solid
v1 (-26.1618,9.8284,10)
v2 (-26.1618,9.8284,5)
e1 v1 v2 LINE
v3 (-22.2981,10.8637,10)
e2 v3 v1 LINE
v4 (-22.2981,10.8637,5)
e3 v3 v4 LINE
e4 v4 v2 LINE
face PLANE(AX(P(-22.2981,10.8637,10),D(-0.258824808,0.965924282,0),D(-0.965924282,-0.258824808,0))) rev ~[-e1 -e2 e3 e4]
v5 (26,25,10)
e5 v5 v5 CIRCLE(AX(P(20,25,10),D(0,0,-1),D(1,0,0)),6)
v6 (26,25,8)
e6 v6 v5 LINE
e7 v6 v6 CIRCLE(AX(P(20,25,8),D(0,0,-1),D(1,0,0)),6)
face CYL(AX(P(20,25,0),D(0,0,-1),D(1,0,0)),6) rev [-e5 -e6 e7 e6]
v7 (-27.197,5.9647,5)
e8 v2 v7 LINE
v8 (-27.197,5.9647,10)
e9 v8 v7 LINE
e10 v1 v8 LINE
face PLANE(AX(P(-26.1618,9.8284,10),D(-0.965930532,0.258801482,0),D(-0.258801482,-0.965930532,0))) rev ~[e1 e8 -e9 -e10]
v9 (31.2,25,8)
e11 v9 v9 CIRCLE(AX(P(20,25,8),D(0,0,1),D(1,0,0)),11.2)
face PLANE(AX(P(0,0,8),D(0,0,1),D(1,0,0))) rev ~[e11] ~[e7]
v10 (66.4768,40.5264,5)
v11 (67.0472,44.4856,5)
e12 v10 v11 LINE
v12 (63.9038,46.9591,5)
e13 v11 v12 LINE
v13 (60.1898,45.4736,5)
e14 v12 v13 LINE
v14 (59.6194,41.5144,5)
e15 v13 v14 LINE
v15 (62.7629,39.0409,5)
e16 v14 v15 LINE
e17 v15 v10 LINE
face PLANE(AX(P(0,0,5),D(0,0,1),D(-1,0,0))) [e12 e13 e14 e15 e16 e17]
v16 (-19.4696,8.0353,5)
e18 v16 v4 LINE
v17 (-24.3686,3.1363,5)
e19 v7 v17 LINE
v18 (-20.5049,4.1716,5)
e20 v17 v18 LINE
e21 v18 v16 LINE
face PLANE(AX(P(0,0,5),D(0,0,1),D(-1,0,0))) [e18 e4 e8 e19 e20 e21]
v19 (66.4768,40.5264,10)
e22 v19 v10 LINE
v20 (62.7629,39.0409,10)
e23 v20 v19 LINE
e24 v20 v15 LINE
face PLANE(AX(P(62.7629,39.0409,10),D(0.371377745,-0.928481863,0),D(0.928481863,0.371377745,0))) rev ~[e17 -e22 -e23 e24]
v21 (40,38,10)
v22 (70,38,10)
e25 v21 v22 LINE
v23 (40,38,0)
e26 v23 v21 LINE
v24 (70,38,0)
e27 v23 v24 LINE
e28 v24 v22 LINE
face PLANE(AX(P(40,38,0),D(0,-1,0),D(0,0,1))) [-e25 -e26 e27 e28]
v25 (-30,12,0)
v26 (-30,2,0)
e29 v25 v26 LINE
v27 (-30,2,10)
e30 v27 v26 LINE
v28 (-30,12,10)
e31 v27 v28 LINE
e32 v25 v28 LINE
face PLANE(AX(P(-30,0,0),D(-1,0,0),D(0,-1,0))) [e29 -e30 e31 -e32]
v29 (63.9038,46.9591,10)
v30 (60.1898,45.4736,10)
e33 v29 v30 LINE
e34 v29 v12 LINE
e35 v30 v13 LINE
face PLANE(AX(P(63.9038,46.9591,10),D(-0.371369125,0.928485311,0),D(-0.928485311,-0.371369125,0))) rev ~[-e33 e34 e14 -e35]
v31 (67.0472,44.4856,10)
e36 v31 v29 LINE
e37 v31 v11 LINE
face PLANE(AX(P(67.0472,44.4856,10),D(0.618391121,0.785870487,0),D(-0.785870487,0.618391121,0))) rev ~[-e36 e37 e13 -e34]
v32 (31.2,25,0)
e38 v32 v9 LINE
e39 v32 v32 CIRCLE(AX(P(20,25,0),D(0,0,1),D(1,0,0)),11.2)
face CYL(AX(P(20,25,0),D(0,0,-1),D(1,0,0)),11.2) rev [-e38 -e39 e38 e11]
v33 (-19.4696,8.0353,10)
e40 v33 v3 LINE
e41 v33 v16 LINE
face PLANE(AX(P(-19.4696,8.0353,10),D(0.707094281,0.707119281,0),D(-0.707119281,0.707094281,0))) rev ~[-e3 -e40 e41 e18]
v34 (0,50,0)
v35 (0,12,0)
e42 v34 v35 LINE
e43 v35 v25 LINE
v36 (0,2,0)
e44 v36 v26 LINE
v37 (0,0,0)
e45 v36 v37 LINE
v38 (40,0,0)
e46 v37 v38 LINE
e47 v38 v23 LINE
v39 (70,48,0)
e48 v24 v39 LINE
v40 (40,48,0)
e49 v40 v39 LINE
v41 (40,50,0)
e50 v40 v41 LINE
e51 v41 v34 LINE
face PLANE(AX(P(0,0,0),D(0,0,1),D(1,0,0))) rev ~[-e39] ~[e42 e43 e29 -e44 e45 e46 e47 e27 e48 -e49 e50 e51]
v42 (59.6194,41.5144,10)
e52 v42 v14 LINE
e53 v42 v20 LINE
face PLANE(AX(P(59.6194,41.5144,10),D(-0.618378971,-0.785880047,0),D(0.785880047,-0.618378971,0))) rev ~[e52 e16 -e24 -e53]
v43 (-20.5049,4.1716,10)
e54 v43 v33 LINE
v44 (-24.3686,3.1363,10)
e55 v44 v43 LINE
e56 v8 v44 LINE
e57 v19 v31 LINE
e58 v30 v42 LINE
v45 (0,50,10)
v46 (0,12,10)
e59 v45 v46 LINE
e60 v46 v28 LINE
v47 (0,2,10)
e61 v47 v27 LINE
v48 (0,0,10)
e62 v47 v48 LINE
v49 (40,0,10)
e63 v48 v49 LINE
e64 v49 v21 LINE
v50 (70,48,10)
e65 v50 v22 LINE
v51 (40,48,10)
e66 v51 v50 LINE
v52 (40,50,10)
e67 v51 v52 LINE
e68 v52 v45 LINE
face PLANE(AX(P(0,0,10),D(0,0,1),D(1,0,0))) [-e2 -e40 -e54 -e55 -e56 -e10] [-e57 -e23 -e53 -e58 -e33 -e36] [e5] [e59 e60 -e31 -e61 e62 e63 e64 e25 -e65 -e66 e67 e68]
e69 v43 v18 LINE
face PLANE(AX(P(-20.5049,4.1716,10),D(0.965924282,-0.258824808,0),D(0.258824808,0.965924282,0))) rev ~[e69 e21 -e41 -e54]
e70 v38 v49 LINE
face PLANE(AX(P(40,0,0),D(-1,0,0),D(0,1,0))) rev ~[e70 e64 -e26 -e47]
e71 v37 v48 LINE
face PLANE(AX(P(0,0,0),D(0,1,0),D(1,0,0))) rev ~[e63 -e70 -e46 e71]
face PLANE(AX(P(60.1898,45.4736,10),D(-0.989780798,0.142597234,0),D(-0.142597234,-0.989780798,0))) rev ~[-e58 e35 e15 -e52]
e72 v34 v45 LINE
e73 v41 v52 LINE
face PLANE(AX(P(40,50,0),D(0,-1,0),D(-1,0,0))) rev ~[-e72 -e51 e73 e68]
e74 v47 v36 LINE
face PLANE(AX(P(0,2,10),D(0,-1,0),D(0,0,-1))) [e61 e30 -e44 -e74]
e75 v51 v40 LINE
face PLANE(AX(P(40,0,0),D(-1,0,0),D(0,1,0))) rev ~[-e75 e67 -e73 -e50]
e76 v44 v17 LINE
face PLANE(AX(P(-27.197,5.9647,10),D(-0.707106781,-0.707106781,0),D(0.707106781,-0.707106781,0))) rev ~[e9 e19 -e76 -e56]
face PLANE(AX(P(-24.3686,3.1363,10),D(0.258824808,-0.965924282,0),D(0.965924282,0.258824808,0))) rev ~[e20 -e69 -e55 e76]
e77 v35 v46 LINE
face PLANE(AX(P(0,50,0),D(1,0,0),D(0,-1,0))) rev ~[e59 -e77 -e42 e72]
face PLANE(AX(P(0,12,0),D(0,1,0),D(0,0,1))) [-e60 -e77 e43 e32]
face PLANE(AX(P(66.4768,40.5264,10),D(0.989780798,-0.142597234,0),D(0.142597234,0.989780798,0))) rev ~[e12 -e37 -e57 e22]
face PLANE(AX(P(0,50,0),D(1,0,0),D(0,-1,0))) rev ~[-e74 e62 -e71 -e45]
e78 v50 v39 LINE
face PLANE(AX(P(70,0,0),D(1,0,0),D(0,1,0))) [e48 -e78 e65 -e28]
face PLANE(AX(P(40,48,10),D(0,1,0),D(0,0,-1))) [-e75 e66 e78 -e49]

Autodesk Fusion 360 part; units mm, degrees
sketch "Top" plane through (0, 0, 0) normal (0, 0, 1) x (1, 0, 0)
  line L0 (0, 0) -> (40, 0)
  line L1 (40, 0) -> (40, 50)
  line L2 (40, 50) -> (0, 50)
  line L3 (0, 50) -> (0, 0)
  circle A0 centre (20, 25) radius 11.2
  circle A1 centre (20, 25) radius 6
  dimension "d6" = 40
  dimension "d7" = 50
  dimension "d11" = 22.4
  dimension "d12" = 25
  dimension "d13" = 20
  dimension "d27" = 12
extrude "Extrude1" add sketch "Top" along normal blind 10 contours L0 L1 L2 L3 | A0 | A1
extrude "Extrude2" cut sketch "Top" along normal blind 8 contours A0 | A1
extrude "Extrude5" cut sketch "Top" along normal blind 110 contours A1
sketch "Sketch5" plane through (0, 0, 0) normal (-1, 0, 0) x (0, -1, 0)
  line L0 (-50, 0) -> (0, 0)
  line L1 (0, 0) -> (0, 10)
  line L2 (0, 10) -> (-50, 10)
  line L3 (-50, 10) -> (-50, 0)
  line L4 (-12, 10) -> (-2, 10)
  line L5 (-2, 10) -> (-2, 0)
  line L6 (-2, 0) -> (-12, 0)
  line L7 (-12, 0) -> (-12, 10)
  dimension "d50" = 10
  dimension "d51" = 10
  dimension "d52" = 38
extrude "Extrude8" add sketch "Sketch5" along normal blind 30 contours L0 L2 L4 L5 L6 L7
sketch "Sketch8" plane through (40, 0, 0) normal (1, 0, 0) x (0, 1, 0)
  line L0 (0, 0) -> (50, 0)
  line L1 (50, 0) -> (50, 10)
  line L2 (50, 10) -> (0, 10)
  line L3 (0, 10) -> (0, 0)
  line L4 (38, 10) -> (48, 10)
  line L5 (48, 10) -> (48, 0)
  line L6 (48, 0) -> (38, 0)
  line L7 (38, 0) -> (38, 10)
  dimension "d72" = 10
  dimension "d73" = 10
  dimension "d74" = 38
extrude "Extrude11" add sketch "Sketch8" along normal blind 30 contours L0 L2 L4 L5 L6 L7
sketch "Sketch10" plane through (0, 0, 10) normal (0, 0, 1) x (-1, 0, 0)
  circle A0 centre (-20, -25) radius 6
  line L0 (0, -50) -> (0, -12)
  line L1 (0, -12) -> (30, -12)
  line L2 (30, -12) -> (30, -2)
  line L3 (30, -2) -> (0, -2)
  line L4 (0, 0) -> (-40, 0)
  line L5 (-40, 0) -> (-40, -38)
  line L6 (-40, -38) -> (-70, -38)
  line L7 (-70, -38) -> (-70, -48)
  line L8 (-70, -48) -> (-40, -48)
  line L9 (-40, -50) -> (0, -50)
  line L10 (20.5049, -4.1716) -> (19.4696, -8.0353)
  line L11 (19.4696, -8.0353) -> (22.2981, -10.8637)
  line L12 (22.2981, -10.8637) -> (26.1618, -9.8284)
  line L13 (26.1618, -9.8284) -> (27.197, -5.9647)
  line L14 (27.197, -5.9647) -> (24.3686, -3.1363)
  line L15 (24.3686, -3.1363) -> (20.5049, -4.1716)
  line L16 (-67.0472, -44.4856) -> (-63.9038, -46.9591)
  line L17 (-63.9038, -46.9591) -> (-60.1898, -45.4736)
  line L18 (-60.1898, -45.4736) -> (-59.6194, -41.5144)
  line L19 (-59.6194, -41.5144) -> (-62.7629, -39.0409)
  line L20 (-62.7629, -39.0409) -> (-66.4768, -40.5264)
  line L21 (-66.4768, -40.5264) -> (-67.0472, -44.4856)
  line L22 (0, -2) -> (0, 0)
  line L23 (-40, -48) -> (-40, -50)
  point P0 (23.3333, -7)
  point P1 (-63.3333, -43)
  dimension "d93" = 4
  dimension "d96" = 4
  dimension "d103" = 5
  dimension "d104" = 6.6667
  dimension "d105" = 5
  dimension "d106" = 6.6667
extrude "Extrude13" cut sketch "Sketch10" against normal blind 5 contours L10 L11 L12 L13 L14 L15 | L16 L17 L18 L19 L20 L21
equation "length = 50 mm"
equation "width = 40 mm"
equation "thickness = 10 mm"
equation "extra = 100 mm"
equation "fit_gap = 0.2 mm"
equation "d6 = width"
equation "d7 = length"
equation "d8 = thickness"
equation "bearing_outer_radius = 11.1 mm"
equation "d11 = ( bearing_outer_radius * 2 ) + fit_gap"
equation "d12 = length / 2"
equation "d13 = width / 2"
equation "d14 = thickness - 2 mm"
equation "bearing_inner_radius = ( 8 mm + 4 mm ) / 2"
equation "d27 = bearing_inner_radius * 2"
equation "d28 = thickness + extra"
equation "rack_rock_bracket_length = 30 mm"
equation "rack_rock_bracket_width = 10 mm"
equation "rack_rock_bracket_big_distance = 38 mm"
equation "d50 = rack_rock_bracket_width"
equation "d51 = rack_rock_bracket_width"
equation "d52 = rack_rock_bracket_big_distance"
equation "d53 = rack_rock_bracket_length"
equation "d72 = rack_rock_bracket_width"
equation "d73 = rack_rock_bracket_width"
equation "d74 = rack_rock_bracket_big_distance"
equation "d75 = rack_rock_bracket_length"
equation "bearing_dowel_radius = 0.8 mm"
equation "bearing_dowel_length = 10 mm"
equation "bearing_dowel_big_distance = 2 mm + bearing_dowel_radius"
equation "bearing_dowel_small_distance = rack_rock_bracket_width / 2"
equation "polygon_dowel_hole_side_length = 4 mm"
equation "polygon_dowel_hole_height = 5 mm"
equation "polygon_dowel_small_distance = thickness / 2"
equation "polygon_dowel_big_distance = polygon_dowel_small_distance + ( polygon_dowel_small_distance / 3 )"
equation "d93 = polygon_dowel_hole_side_length"
equation "d96 = polygon_dowel_hole_side_length"
equation "d99 = -polygon_dowel_hole_height"
equation "d103 = polygon_dowel_small_distance"
equation "d104 = polygon_dowel_big_distance"
equation "d105 = polygon_dowel_small_distance"
equation "d106 = polygon_dowel_big_distance"
